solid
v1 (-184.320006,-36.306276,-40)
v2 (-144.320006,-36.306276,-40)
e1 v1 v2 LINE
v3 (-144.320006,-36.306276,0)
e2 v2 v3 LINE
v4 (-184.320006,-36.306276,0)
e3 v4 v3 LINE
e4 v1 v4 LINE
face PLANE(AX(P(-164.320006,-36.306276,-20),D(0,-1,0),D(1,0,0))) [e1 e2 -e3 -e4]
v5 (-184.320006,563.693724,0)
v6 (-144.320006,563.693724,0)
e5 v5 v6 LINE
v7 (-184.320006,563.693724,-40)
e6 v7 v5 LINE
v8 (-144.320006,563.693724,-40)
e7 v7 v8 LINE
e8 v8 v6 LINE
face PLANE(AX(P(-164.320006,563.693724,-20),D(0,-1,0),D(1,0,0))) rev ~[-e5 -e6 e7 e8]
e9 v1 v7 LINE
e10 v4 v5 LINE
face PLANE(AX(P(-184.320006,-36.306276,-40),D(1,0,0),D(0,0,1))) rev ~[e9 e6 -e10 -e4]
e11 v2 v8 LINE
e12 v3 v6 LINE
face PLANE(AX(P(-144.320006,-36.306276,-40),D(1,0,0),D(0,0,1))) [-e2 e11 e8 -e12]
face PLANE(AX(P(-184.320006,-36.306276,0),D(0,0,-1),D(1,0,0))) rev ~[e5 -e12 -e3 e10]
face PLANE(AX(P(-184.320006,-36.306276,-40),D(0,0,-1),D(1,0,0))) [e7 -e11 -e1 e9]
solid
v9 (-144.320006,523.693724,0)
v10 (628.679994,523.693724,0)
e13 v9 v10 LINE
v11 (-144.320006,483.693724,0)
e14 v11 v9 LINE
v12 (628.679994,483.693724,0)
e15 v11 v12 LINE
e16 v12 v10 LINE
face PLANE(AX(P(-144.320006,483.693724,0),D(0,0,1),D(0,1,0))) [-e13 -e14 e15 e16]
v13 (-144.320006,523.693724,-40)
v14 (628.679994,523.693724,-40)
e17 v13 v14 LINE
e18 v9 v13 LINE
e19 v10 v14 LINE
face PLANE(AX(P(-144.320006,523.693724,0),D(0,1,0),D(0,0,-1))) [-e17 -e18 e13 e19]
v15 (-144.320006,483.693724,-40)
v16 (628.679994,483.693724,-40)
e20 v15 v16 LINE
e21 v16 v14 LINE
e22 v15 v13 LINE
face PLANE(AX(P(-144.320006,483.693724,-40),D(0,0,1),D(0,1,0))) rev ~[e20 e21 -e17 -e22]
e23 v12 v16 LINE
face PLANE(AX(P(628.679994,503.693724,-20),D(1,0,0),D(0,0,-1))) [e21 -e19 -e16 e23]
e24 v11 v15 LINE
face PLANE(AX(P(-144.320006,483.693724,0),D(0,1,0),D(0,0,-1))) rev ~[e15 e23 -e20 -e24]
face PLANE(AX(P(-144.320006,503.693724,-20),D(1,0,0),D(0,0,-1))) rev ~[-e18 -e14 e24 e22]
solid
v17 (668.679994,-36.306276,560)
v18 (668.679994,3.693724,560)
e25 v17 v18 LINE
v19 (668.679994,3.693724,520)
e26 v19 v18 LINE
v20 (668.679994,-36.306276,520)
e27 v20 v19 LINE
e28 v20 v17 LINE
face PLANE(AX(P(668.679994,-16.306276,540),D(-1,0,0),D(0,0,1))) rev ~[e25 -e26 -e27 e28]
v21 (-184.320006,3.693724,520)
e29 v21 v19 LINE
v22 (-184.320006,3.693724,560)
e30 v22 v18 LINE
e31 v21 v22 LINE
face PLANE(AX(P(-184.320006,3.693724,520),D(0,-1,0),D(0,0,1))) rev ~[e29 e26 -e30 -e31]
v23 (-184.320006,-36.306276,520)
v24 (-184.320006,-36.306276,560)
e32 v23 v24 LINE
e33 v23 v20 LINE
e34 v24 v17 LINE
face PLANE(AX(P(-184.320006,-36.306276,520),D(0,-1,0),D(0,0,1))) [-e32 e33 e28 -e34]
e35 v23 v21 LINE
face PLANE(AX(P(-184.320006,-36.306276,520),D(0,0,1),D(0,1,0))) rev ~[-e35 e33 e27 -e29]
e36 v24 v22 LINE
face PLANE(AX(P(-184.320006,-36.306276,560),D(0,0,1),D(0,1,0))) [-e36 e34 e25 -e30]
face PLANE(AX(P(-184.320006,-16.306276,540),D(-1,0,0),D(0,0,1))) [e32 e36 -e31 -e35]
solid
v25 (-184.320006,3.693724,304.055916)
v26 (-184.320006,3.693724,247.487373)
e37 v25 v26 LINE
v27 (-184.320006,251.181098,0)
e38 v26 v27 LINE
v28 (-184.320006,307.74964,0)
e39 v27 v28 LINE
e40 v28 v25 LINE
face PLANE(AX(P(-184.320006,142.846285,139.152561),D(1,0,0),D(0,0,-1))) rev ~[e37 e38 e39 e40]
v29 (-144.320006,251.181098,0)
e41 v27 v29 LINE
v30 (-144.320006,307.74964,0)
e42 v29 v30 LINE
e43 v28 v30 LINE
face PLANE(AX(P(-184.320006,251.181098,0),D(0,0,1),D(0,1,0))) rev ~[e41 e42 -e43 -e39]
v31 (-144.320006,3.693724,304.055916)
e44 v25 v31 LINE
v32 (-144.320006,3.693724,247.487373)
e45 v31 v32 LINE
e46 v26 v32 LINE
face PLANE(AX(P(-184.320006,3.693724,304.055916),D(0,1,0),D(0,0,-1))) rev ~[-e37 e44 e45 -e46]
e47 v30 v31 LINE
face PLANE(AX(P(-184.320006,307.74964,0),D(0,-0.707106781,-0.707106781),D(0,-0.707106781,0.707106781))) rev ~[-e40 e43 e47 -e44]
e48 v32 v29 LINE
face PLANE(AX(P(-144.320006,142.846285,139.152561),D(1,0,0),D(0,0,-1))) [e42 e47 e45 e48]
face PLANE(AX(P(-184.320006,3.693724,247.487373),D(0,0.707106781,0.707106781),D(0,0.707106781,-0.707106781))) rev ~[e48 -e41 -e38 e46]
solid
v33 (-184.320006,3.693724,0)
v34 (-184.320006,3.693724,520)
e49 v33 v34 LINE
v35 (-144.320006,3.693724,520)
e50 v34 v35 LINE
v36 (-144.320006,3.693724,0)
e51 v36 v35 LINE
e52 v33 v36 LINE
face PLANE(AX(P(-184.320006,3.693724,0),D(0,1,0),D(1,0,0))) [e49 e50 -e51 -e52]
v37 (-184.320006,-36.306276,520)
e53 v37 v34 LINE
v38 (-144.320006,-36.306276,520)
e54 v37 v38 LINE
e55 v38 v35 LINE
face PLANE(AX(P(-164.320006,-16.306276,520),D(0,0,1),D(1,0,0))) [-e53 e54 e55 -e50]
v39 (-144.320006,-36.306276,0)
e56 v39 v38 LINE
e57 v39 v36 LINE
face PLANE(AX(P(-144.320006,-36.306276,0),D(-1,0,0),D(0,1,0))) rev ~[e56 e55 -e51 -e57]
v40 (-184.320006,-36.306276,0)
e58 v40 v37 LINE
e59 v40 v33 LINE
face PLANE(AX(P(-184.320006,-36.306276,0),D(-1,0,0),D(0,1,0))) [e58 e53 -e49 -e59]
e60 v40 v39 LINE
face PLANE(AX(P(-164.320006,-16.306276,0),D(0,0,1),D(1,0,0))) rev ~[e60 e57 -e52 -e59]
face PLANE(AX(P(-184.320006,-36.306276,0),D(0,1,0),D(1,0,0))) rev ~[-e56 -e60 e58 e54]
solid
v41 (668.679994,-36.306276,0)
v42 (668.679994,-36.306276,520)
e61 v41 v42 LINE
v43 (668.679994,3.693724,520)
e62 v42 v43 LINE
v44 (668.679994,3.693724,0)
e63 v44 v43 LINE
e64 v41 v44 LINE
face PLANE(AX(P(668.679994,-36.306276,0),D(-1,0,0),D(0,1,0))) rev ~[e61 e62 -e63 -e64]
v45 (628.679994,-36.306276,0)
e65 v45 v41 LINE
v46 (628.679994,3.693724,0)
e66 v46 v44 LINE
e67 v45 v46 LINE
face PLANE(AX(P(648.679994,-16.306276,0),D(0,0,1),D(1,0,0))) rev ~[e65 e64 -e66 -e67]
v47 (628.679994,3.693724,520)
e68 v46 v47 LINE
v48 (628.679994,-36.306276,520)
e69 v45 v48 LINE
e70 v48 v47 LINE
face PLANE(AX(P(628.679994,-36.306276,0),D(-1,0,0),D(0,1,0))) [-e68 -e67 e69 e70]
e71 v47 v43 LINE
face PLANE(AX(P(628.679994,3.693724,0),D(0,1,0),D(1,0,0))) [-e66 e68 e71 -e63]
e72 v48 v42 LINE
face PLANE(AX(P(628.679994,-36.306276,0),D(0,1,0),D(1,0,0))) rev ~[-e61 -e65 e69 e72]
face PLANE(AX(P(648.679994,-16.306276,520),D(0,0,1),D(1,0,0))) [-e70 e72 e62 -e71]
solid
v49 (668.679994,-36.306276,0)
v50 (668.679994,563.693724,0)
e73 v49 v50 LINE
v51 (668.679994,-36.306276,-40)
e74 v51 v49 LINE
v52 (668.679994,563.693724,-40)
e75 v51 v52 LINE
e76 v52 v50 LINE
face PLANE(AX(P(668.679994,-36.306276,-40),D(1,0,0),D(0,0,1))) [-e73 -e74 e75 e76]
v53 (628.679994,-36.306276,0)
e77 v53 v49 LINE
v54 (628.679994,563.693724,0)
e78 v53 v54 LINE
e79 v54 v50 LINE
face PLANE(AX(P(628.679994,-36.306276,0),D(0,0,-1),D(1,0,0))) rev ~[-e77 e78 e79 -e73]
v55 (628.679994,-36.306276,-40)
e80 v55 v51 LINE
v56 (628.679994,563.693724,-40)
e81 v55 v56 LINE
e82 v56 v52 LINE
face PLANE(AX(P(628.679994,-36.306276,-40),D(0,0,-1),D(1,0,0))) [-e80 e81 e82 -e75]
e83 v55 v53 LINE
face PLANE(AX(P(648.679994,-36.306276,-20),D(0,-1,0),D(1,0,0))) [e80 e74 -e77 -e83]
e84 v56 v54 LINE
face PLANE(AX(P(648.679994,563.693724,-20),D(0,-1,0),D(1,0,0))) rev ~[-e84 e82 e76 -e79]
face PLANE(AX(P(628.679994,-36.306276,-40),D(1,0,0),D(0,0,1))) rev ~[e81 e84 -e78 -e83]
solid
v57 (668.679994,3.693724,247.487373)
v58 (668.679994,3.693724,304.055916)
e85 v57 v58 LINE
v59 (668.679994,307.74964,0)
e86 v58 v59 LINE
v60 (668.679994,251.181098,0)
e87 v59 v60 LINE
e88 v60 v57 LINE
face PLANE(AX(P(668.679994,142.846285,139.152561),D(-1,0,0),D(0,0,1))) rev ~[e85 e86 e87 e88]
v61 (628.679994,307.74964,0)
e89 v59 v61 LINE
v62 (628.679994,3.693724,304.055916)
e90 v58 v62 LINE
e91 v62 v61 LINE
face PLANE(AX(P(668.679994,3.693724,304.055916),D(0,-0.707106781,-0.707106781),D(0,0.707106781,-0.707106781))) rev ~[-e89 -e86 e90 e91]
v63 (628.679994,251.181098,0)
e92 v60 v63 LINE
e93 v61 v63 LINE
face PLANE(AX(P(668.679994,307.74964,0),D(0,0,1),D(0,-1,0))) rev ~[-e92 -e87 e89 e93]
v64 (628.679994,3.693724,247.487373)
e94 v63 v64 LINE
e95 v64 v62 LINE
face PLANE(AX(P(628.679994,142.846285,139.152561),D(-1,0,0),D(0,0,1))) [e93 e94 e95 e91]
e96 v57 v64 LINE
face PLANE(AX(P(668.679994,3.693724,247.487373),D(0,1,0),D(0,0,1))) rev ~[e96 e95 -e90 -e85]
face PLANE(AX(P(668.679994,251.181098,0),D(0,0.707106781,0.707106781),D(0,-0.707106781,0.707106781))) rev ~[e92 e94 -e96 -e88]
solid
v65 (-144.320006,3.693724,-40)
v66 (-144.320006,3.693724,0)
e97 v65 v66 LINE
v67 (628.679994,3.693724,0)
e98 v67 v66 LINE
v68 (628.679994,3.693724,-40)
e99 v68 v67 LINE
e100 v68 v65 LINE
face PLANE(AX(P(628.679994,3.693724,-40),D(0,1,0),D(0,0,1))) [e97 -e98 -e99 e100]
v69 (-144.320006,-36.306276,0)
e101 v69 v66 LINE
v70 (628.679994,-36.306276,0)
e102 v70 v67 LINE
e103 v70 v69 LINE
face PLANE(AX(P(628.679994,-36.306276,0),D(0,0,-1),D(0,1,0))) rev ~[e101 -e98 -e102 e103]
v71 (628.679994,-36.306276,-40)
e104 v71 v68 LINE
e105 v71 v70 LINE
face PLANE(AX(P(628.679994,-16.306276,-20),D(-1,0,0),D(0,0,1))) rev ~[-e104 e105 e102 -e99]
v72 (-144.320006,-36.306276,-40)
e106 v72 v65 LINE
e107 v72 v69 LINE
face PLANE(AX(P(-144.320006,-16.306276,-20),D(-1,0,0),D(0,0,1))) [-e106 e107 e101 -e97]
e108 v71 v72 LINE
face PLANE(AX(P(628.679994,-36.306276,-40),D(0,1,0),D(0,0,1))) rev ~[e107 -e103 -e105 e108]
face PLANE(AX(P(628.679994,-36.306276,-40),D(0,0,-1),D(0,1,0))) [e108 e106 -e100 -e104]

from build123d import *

# Parameters (mm, degrees)
SKETCH_2_W        = 40
SKETCH_2_H        = 40
EXTRUDE_1_DEPTH   = 520
EXTRUDE_1_2_DEPTH = 520
SKETCH_8_W        = 40
SKETCH_8_H        = 40
EXTRUDE_4_DEPTH   = 600
EXTRUDE_4_2_DEPTH = 600
SKETCH_9_W        = 40
SKETCH_9_H        = 40
EXTRUDE_6_DEPTH   = 773
EXTRUDE_7_DEPTH   = 40
EXTRUDE_8_DEPTH   = 40
SKETCH_16_W       = 40
SKETCH_16_H       = 40
EXTRUDE_9_DEPTH   = 853
SKETCH_17_W       = 40
SKETCH_17_H       = 40
EXTRUDE_10_DEPTH  = 773


with BuildPart() as part:
    # ｽｹｯﾁ2 → ﾎﾞｽ - 押し出し1 (new body)
    with BuildSketch(Plane.XY):
        with Locations((-164.32000567, -16.306275718)):
            Rectangle(SKETCH_2_W, SKETCH_2_H)
    extrude(amount=EXTRUDE_1_DEPTH)


with BuildPart() as body_2:
    # ｽｹｯﾁ2 → Extrude 1 2 (new body)
    with BuildSketch(Plane.XY):
        with Locations((648.67999433, -16.306275718)):
            Rectangle(SKETCH_2_W, SKETCH_2_H)
    extrude(amount=EXTRUDE_1_2_DEPTH)


with BuildPart() as body_3:
    # ｽｹｯﾁ8 → ﾎﾞｽ - 押し出し4 (new body)
    with BuildSketch(Plane.XZ.offset(36.306275718)):
        with Locations((-164.32000567, -20)):
            Rectangle(SKETCH_8_W, SKETCH_8_H)
    extrude(amount=-EXTRUDE_4_DEPTH)


with BuildPart() as body_4:
    # ｽｹｯﾁ8 → Extrude 4 2 (new body)
    with BuildSketch(Plane.XZ.offset(36.306275718)):
        with Locations((648.67999433, -20)):
            Rectangle(SKETCH_8_W, SKETCH_8_H)
    extrude(amount=-EXTRUDE_4_2_DEPTH)


with BuildPart() as body_5:
    # ｽｹｯﾁ9 → ﾎﾞｽ - 押し出し6 (new body)
    with BuildSketch(Plane.ZY.offset(-628.67999433)):
        with Locations((-20, -16.306275718)):
            Rectangle(SKETCH_9_W, SKETCH_9_H)
    extrude(amount=EXTRUDE_6_DEPTH)


with BuildPart() as body_6:
    # ｽｹｯﾁ13 → ﾎﾞｽ - 押し出し7 (new body)
    with BuildSketch(Plane(origin=(668.67999433, 0, 0), x_dir=(0, 0, -1), z_dir=(1, 0, 0))):
        Polygon((-304.05591591, 3.693724282), (0, 307.749640192), (0, 251.181097697), (-247.487373415, 3.693724282), align=None)
    extrude(amount=-EXTRUDE_7_DEPTH)


with BuildPart() as body_7:
    # ｽｹｯﾁ14 → ﾎﾞｽ - 押し出し8 (new body)
    with BuildSketch(Plane.ZY.offset(184.32000567)):
        Polygon((0, 307.749640192), (304.05591591, 3.693724282), (247.487373415, 3.693724282), (0, 251.181097697), align=None)
    extrude(amount=-EXTRUDE_8_DEPTH)


with BuildPart() as body_8:
    # ｽｹｯﾁ16 → ﾎﾞｽ - 押し出し9 (new body)
    with BuildSketch(Plane.ZY.offset(184.32000567)):
        with Locations((540, -16.306275718)):
            Rectangle(SKETCH_16_W, SKETCH_16_H)
    extrude(amount=-EXTRUDE_9_DEPTH)


with BuildPart() as body_9:
    # ｽｹｯﾁ17 → ﾎﾞｽ - 押し出し10 (new body)
    with BuildSketch(Plane(origin=(-144.32000567, 0, 0), x_dir=(0, 0, -1), z_dir=(1, 0, 0))):
        with Locations((20, 503.693724282)):
            Rectangle(SKETCH_17_W, SKETCH_17_H)
    extrude(amount=EXTRUDE_10_DEPTH)


solid = Compound([part.part, body_2.part, body_3.part, body_4.part, body_5.part, body_6.part, body_7.part, body_8.part, body_9.part])
